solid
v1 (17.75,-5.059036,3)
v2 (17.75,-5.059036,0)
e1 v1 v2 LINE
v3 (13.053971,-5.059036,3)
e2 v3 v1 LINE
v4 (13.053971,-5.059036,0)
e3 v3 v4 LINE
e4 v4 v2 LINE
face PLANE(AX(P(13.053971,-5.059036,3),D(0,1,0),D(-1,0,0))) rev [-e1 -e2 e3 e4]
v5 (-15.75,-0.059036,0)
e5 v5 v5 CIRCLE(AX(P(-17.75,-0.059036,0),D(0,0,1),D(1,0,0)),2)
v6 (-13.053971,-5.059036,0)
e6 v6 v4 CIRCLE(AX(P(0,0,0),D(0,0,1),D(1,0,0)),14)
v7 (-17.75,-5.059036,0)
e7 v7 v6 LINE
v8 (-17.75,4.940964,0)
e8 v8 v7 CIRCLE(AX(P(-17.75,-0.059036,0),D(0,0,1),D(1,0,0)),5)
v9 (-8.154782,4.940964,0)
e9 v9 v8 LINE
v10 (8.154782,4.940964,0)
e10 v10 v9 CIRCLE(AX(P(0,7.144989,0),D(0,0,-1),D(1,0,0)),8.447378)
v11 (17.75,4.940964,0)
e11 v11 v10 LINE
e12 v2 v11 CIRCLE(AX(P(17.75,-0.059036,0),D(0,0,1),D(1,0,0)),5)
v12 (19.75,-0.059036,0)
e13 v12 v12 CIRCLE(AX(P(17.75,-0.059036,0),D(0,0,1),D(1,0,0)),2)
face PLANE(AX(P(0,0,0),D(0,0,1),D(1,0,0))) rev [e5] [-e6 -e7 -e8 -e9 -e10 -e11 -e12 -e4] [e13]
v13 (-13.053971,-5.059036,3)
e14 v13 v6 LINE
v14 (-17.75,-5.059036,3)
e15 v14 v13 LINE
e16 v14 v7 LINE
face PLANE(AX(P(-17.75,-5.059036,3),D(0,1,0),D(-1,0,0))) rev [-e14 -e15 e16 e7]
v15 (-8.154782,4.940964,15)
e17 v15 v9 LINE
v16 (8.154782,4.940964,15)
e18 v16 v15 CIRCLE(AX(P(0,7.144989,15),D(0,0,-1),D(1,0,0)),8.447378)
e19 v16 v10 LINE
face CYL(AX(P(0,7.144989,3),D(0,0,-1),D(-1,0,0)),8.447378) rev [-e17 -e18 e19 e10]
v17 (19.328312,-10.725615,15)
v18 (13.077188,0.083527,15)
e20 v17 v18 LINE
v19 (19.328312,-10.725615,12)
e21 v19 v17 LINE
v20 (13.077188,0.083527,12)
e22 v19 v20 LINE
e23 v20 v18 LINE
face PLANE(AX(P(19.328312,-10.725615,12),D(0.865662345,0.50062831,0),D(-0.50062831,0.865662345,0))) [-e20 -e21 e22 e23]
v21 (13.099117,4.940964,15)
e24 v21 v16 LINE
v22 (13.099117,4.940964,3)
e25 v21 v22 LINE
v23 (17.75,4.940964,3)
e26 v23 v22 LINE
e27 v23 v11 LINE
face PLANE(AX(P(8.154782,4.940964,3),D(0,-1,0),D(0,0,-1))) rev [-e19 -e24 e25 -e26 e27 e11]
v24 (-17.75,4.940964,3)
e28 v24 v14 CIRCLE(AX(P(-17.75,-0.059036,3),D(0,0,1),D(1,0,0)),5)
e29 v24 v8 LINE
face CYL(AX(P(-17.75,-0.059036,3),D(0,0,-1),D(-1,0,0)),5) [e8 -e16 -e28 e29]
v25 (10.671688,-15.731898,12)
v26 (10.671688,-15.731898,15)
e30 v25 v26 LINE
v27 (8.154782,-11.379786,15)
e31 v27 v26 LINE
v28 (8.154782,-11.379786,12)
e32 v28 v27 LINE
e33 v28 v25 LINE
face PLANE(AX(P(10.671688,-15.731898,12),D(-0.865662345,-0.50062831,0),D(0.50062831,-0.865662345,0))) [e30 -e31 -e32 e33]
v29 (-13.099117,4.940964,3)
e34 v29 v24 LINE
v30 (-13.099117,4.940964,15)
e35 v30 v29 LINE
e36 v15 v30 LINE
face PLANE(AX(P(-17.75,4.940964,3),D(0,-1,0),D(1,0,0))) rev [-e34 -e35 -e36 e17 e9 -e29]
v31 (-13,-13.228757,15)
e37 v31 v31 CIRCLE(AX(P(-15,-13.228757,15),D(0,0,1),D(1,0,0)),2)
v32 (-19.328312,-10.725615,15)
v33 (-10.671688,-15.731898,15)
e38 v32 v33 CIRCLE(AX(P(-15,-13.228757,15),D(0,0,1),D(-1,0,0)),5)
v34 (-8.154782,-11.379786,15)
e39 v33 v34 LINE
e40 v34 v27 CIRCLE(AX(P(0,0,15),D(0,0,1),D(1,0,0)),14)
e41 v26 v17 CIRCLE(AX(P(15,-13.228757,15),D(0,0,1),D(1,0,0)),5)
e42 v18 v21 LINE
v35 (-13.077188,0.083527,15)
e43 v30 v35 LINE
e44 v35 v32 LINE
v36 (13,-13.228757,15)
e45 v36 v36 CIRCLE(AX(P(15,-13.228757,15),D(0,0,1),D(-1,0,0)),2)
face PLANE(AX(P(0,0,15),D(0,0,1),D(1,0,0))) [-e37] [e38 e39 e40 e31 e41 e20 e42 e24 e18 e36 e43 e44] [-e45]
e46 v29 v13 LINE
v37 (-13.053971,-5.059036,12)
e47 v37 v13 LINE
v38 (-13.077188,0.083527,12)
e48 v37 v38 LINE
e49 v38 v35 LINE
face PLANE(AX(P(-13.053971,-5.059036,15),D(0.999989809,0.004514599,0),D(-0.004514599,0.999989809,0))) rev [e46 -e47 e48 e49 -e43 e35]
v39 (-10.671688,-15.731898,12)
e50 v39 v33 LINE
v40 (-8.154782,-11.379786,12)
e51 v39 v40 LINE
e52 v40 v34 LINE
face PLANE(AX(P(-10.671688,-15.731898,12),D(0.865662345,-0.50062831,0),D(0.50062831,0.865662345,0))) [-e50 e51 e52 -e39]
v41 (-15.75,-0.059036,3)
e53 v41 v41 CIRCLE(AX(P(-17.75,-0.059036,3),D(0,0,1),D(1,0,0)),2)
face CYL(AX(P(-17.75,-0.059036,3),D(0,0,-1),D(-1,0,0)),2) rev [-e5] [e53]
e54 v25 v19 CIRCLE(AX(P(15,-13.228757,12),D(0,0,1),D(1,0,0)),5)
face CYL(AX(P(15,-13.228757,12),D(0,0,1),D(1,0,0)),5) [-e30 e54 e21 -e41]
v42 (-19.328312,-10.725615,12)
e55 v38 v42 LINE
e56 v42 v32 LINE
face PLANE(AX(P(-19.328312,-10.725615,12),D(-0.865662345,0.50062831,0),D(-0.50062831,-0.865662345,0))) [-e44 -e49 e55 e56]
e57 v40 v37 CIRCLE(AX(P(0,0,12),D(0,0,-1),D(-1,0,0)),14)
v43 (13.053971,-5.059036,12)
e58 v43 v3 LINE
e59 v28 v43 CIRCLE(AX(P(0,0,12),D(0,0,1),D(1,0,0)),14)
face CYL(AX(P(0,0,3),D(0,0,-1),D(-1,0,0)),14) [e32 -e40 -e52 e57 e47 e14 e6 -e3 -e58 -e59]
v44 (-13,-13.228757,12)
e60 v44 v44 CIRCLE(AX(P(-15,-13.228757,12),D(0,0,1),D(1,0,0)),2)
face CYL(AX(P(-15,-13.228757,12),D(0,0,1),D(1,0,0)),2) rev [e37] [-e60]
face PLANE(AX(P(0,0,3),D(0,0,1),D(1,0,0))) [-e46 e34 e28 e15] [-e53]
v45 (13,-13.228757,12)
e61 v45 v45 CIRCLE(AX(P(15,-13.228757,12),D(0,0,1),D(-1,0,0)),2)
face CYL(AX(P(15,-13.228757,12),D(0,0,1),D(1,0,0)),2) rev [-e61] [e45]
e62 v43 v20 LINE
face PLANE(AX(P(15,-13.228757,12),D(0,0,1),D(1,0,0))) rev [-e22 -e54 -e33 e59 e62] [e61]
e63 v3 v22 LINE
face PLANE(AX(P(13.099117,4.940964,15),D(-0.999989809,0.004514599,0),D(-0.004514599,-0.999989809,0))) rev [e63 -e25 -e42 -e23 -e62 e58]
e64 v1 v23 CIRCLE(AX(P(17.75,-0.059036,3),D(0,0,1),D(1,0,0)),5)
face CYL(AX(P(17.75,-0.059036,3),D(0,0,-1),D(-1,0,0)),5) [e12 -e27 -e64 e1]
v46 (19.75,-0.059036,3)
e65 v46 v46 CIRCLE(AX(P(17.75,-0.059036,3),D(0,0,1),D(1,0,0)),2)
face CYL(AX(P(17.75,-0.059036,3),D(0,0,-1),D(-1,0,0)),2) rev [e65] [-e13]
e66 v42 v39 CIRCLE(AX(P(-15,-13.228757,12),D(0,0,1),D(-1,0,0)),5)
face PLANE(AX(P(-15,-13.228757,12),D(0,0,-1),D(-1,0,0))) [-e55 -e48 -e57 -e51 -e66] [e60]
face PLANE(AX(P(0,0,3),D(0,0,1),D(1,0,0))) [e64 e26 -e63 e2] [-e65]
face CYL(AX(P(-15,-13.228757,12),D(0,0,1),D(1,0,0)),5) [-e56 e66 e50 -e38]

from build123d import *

# Parameters (mm, degrees)
ESBO_O1_R                = 2
RESSALTO_EXTRUS_O1_DEPTH = 3
RESSALTO_EXTRUS_O2_DEPTH = 12
ESBO_O3_R                = 2
RESSALTO_EXTRUS_O3_DEPTH = 3


with BuildPart() as part:
    # Esboço1 → Ressalto-extrusão1 (new body)
    with BuildSketch(Plane.XY):
        with BuildLine():
            Line((-17.75, 4.940964043), (-13.099117311, 4.940964043))
            Line((-13.099117311, 4.940964043), (-8.154782397, 4.940964043))
            ThreePointArc((-8.154782397, 4.940964043), (0, -1.302389684), (8.154782397, 4.940964043))
            Line((8.154782397, 4.940964043), (13.099117311, 4.940964043))
            Line((13.099117311, 4.940964043), (17.75, 4.940964043))
            ThreePointArc((17.75, 4.940964043), (22.75, -0.059035957), (17.75, -5.059035957))
            Line((17.75, -5.059035957), (13.053970859, -5.059035957))
            ThreePointArc((13.053970859, -5.059035957), (0, -14), (-13.053970859, -5.059035957))
            Line((-13.053970859, -5.059035957), (-17.75, -5.059035957))
            ThreePointArc((-17.75, -5.059035957), (-22.75, -0.059035957), (-17.75, 4.940964043))
        make_face()
        with Locations((-17.75, -0.059035957)):
            Circle(ESBO_O1_R, mode=Mode.SUBTRACT)
        with Locations((17.75, -0.059035957)):
            Circle(ESBO_O1_R, mode=Mode.SUBTRACT)
    extrude(amount=RESSALTO_EXTRUS_O1_DEPTH)

    # Esboço2 → Ressalto-extrusão2 (add)
    with BuildSketch(Plane.XY.offset(3)):
        with BuildLine():
            Line((13.099117311, 4.940964043), (13.053970859, -5.059035957))
            ThreePointArc((13.053970859, -5.059035957), (0, -14), (-13.053970859, -5.059035957))
            Line((-13.053970859, -5.059035957), (-13.099117311, 4.940964043))
            Line((-13.099117311, 4.940964043), (-8.154782397, 4.940964043))
            ThreePointArc((-8.154782397, 4.940964043), (0, -1.302389684), (8.154782397, 4.940964043))
            Line((8.154782397, 4.940964043), (13.099117311, 4.940964043))
        make_face()
    extrude(amount=RESSALTO_EXTRUS_O2_DEPTH)

    # Esboço3 → Ressalto-extrusão3 (add)
    with BuildSketch(Plane.XY.offset(15)):
        with BuildLine():
            Line((13.077187708, 0.083527365), (8.154782397, -11.379785765))
            Line((8.154782397, -11.379785765), (10.671688275, -15.731898104))
            ThreePointArc((10.671688275, -15.731898104), (17.503141549, -17.55706828), (19.328311725, -10.725615007))
            Line((19.328311725, -10.725615007), (13.077187708, 0.083527365))
        make_face()
        with Locations((15, -13.228756555)):
            Circle(ESBO_O3_R, mode=Mode.SUBTRACT)
        with BuildLine():
            Line((-10.671688275, -15.731898104), (-8.154782397, -11.379785765))
            Line((-8.154782397, -11.379785765), (-13.077187708, 0.083527365))
            Line((-13.077187708, 0.083527365), (-19.328311725, -10.725615007))
            ThreePointArc((-19.328311725, -10.725615007), (-17.503141549, -17.55706828), (-10.671688275, -15.731898104))
        make_face()
        with Locations((-15, -13.228756555)):
            Circle(ESBO_O3_R, mode=Mode.SUBTRACT)
    extrude(amount=-RESSALTO_EXTRUS_O3_DEPTH)


solid = part.part
